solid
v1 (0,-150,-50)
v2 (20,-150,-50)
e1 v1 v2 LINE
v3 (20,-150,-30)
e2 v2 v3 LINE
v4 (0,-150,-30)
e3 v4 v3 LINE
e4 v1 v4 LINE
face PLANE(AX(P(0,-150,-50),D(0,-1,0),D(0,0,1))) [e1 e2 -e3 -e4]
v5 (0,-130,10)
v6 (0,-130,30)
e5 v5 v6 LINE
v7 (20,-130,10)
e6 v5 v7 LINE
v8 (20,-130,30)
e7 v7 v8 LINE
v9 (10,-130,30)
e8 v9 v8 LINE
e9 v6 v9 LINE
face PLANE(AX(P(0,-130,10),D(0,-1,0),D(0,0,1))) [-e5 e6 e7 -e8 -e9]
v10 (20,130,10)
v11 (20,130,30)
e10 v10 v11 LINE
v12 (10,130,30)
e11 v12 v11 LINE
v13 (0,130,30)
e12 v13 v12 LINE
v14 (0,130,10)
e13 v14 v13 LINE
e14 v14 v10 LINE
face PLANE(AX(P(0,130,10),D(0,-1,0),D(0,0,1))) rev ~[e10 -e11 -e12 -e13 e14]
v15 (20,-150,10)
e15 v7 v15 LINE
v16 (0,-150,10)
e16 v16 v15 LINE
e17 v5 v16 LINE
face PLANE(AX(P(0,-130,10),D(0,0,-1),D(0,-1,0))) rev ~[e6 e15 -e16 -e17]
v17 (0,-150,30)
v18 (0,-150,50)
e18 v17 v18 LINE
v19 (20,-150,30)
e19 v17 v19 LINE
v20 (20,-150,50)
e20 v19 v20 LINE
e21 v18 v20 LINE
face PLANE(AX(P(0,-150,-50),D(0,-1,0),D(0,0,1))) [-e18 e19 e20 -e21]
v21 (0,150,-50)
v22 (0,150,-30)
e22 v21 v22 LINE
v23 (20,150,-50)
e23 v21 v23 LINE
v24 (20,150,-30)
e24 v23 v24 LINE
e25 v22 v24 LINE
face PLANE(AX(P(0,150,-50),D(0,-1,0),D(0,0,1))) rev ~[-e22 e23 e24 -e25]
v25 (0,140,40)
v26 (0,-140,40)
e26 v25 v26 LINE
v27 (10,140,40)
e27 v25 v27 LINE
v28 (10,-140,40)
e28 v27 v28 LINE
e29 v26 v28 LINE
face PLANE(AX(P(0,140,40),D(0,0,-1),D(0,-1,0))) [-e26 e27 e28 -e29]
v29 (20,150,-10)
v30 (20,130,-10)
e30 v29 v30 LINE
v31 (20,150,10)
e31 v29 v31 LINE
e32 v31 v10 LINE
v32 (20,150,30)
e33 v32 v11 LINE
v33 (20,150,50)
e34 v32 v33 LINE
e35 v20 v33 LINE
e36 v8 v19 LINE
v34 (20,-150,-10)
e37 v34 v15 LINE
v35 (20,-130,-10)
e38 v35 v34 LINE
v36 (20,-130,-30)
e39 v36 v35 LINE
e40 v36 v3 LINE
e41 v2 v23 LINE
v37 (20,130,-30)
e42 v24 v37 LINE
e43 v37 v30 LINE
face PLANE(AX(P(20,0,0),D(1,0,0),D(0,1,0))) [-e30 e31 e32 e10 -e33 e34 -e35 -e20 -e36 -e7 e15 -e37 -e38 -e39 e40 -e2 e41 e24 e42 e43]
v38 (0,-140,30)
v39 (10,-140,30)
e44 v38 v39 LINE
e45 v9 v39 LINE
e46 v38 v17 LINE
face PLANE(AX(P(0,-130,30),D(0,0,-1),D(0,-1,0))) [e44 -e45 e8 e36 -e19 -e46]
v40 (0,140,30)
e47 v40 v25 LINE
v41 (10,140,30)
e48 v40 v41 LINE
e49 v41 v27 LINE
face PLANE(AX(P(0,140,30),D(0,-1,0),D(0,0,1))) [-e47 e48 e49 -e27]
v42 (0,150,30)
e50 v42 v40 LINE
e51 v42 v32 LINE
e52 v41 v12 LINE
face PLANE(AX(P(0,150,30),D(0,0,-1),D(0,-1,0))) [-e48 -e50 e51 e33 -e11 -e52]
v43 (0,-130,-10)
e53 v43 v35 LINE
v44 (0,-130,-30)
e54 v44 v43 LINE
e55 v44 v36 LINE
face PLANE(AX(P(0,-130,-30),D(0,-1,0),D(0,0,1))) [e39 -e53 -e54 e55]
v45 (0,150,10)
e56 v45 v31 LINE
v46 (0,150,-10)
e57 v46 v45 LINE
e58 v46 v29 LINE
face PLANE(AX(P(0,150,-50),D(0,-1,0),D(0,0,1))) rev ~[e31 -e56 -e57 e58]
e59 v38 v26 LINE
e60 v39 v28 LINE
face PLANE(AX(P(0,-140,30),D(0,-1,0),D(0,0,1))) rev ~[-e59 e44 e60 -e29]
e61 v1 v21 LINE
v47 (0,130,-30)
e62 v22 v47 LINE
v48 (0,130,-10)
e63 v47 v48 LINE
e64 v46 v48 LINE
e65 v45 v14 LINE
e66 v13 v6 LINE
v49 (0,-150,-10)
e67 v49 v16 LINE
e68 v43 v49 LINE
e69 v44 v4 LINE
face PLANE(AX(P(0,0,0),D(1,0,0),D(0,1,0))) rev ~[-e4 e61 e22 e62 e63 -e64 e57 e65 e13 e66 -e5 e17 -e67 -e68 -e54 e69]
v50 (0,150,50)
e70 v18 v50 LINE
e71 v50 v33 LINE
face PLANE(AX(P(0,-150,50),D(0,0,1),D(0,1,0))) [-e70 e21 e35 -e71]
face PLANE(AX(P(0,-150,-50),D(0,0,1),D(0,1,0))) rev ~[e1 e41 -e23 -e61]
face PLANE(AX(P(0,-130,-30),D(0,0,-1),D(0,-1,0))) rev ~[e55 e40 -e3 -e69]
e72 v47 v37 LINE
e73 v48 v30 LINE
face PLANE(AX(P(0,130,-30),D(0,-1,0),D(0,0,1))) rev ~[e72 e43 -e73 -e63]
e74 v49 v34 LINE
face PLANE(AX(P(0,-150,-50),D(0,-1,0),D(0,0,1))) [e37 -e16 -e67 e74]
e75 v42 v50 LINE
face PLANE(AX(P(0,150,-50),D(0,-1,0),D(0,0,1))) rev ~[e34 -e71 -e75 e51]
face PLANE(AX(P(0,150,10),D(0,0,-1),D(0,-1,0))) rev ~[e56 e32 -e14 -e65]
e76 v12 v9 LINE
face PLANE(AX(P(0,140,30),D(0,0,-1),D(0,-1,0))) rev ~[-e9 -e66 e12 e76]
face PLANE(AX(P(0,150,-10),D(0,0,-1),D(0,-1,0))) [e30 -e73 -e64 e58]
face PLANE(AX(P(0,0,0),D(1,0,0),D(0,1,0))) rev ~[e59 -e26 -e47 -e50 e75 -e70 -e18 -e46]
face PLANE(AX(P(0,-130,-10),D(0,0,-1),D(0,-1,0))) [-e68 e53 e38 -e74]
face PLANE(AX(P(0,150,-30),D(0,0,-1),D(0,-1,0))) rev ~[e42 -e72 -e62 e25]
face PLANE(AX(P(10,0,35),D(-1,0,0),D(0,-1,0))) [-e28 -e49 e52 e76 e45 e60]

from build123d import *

# Parameters (mm, degrees)
F0_W     = 300
F0_H     = 100
F1_DEPTH = 20
F2_W     = 20
F2_H     = 20
F3_DEPTH = 20
F4_W     = 280
F4_H     = 10
F5_DEPTH = 10


with BuildPart() as f1:
    # F0 (on Right) → F1 (new body)
    with BuildSketch(Plane.YZ):
        Rectangle(F0_W, F0_H)
    extrude(amount=F1_DEPTH)

    # F2 (on face) → F3 (cut, through all)
    with BuildSketch(Plane(origin=(0, 0, 0), x_dir=(0, -1, 0), z_dir=(-1, 0, 0))):
        with Locations((140, -20)):
            Rectangle(F2_W, F2_H)
        with Locations((-140, -20)):
            Rectangle(F2_W, F2_H)
        with Locations((140, 20)):
            Rectangle(F2_W, F2_H)
        with Locations((-140, 20)):
            Rectangle(F2_W, F2_H)
    extrude(amount=-F3_DEPTH, mode=Mode.SUBTRACT)

    # F4 (on face) → F5 (cut)
    with BuildSketch(Plane(origin=(0, 0, 0), x_dir=(0, -1, 0), z_dir=(-1, 0, 0))):
        with Locations((0, 35)):
            Rectangle(F4_W, F4_H)
    extrude(amount=-F5_DEPTH, mode=Mode.SUBTRACT)


solid = f1.part
